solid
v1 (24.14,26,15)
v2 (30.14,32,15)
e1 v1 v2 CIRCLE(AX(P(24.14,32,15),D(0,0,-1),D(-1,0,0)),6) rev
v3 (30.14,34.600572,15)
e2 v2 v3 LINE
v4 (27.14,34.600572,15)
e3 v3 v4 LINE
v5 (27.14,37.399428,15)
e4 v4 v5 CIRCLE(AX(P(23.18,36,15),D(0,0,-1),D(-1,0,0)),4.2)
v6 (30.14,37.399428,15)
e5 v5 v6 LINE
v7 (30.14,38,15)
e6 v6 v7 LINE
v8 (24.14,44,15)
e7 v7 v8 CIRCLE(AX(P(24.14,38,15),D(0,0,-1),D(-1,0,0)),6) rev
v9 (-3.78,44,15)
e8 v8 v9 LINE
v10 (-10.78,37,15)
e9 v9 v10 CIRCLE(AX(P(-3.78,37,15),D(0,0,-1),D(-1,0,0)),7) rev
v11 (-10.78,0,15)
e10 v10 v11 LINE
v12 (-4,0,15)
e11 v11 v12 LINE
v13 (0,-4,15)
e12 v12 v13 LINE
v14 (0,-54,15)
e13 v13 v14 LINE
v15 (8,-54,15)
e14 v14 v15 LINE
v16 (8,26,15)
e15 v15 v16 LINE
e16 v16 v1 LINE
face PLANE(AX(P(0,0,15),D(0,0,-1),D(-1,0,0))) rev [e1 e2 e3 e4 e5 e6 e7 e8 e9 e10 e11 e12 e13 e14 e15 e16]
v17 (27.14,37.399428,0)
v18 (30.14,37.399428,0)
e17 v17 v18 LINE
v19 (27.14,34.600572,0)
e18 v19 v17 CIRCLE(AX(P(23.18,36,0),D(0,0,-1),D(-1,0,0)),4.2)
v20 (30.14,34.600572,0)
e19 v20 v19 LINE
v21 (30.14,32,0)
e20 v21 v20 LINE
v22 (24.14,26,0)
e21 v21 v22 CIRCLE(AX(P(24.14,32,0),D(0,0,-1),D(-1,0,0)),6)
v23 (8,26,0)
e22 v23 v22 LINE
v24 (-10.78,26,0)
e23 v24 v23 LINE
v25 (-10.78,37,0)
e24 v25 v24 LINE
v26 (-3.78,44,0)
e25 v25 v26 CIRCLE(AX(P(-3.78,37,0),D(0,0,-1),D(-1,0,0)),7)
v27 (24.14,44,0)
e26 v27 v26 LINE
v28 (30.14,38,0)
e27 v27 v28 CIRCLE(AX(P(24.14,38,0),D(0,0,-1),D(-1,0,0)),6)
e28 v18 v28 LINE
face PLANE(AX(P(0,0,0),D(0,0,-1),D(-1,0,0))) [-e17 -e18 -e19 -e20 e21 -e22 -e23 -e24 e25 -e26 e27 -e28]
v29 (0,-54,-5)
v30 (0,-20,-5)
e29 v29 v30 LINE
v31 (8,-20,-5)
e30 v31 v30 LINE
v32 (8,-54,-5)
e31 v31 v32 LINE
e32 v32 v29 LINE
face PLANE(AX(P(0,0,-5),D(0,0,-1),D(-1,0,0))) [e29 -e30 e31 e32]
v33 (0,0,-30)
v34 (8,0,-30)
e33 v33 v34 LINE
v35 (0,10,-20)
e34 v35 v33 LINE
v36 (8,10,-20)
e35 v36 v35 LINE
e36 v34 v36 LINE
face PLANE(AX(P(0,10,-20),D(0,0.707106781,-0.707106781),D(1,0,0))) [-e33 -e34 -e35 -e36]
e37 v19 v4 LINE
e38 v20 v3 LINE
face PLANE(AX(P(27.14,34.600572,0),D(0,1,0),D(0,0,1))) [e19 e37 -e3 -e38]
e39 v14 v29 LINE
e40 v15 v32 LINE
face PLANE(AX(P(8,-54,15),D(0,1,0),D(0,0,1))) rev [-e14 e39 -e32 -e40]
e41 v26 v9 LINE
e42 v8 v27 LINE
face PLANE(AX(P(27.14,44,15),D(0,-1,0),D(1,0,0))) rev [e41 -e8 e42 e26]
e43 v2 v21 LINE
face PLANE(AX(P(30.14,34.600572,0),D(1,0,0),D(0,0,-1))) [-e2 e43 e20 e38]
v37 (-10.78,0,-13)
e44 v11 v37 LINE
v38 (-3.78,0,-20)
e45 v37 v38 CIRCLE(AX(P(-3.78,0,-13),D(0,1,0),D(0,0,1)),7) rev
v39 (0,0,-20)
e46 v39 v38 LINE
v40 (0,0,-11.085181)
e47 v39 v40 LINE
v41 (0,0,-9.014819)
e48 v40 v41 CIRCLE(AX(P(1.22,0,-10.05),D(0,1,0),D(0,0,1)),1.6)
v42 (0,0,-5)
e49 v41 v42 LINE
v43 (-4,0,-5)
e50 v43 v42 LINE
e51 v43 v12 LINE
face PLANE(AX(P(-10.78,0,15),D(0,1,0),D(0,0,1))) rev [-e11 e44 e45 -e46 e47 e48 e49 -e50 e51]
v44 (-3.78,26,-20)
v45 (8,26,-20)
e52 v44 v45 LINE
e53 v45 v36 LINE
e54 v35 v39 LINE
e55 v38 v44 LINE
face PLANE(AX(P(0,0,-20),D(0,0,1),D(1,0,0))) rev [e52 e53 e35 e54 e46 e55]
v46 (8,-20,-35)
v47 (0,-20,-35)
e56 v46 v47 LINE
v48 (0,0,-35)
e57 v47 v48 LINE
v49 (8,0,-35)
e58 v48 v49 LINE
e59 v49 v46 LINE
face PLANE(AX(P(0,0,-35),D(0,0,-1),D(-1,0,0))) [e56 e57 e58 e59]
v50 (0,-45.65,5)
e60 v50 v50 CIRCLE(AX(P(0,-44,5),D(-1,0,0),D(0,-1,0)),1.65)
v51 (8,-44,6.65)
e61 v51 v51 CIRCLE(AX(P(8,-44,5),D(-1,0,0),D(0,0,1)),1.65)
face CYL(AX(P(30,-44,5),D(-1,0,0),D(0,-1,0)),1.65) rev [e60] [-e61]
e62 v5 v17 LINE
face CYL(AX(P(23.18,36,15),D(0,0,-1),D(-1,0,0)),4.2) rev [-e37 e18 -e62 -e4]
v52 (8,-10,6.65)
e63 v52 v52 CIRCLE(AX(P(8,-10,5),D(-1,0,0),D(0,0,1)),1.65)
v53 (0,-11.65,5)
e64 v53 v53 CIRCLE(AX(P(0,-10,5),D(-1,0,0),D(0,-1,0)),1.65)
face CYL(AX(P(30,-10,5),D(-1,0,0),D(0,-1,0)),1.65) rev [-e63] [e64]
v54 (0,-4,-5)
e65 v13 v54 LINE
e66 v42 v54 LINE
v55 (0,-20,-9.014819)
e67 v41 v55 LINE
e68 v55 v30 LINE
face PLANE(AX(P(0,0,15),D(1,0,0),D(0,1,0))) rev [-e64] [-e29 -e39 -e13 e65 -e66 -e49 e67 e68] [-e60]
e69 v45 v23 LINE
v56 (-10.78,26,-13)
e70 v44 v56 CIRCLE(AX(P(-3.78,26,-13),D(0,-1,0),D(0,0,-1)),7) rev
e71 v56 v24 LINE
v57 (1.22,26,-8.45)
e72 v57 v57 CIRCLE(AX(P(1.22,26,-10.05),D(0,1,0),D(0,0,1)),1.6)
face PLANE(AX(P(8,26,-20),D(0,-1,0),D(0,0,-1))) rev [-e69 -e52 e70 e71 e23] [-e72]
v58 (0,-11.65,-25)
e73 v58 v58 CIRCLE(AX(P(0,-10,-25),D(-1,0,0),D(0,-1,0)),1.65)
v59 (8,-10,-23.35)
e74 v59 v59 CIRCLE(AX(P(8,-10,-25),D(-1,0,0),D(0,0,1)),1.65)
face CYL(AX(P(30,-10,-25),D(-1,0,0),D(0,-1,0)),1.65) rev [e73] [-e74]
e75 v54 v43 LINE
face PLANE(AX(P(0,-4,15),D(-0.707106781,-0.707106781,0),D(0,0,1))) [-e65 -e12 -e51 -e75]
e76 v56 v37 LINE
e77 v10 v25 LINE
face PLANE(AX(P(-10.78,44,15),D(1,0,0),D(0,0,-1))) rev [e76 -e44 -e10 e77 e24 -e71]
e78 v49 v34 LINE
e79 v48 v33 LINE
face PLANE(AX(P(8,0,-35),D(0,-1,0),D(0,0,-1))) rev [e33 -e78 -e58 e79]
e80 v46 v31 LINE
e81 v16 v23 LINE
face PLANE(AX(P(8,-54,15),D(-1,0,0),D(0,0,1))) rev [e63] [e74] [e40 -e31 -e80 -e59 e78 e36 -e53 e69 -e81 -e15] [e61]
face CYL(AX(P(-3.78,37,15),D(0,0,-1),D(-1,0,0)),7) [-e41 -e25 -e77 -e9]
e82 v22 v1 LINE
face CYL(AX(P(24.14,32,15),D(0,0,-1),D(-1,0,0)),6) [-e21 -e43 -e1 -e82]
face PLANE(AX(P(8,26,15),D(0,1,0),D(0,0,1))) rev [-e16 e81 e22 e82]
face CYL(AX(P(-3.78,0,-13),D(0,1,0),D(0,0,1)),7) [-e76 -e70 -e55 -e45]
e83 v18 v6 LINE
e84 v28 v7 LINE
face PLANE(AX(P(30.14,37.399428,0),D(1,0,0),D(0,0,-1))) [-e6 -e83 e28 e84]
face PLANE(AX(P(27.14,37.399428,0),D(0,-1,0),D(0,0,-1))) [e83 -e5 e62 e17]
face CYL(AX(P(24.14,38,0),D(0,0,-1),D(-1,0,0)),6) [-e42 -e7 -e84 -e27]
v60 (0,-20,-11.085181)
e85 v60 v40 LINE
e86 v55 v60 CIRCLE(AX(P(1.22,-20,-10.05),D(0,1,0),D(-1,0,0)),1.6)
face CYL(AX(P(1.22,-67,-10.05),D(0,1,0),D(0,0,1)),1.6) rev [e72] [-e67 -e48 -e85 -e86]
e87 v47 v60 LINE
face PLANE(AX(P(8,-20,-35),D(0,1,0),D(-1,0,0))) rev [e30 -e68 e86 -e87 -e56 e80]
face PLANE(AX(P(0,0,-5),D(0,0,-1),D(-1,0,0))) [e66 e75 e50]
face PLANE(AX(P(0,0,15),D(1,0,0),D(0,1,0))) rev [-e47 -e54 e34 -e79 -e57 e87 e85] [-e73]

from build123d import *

# Parameters (mm, degrees)
EXTRUDE_1_DEPTH     = 15
SKETCH_4_W          = 18.78
SKETCH_4_H          = 26
EXTRUDE_4_DEPTH     = 20
SKETCH_5_W          = 8
SKETCH_5_H          = 54
EXTRUDE_5_DEPTH     = 5
SKETCH_6_R          = 4.2
CUT_EXTRUDE_1_DEPTH = 15
CHAMFER_1_SIZE      = 4
FILLET_3_R          = 7
FILLET_4_R          = 7
SKETCH_9_W          = 8
SKETCH_9_H          = 20
EXTRUDE_6_DEPTH     = 30
SKETCH_10_R         = 1.65
CUT_EXTRUDE_4_DEPTH = 30
CHAMFER_2_SIZE      = 10
SKETCH_11_W         = 3
SKETCH_11_H         = 6.600571545
SKETCH_11_H_2       = 8.600571545
EXTRUDE_7_DEPTH     = 15
FILLET_5_R          = 6
SKETCH_8_R          = 1.6
CUT_EXTRUDE_3_DEPTH = 93
FILLET_6_R          = 6


with BuildPart() as part:
    # 草图1 → 凸台-拉伸1 (new body)
    with BuildSketch(Plane.XY):
        Polygon((8, 26), (27.14, 26), (27.14, 44), (-10.78, 44), (-10.78, 0), (0, 0), (0, -54), (8, -54), align=None)
    extrude(amount=EXTRUDE_1_DEPTH)

    # 草图4 → 凸台-拉伸4 (add)
    with BuildSketch(Plane(origin=(0, 0, 0), x_dir=(-1, 0, 0), z_dir=(0, 0, -1))):
        with Locations((1.39, 13)):
            Rectangle(SKETCH_4_W, SKETCH_4_H)
    extrude(amount=EXTRUDE_4_DEPTH)

    # 草图5 → 凸台-拉伸5 (add)
    with BuildSketch(Plane(origin=(0, 0, 0), x_dir=(-1, 0, 0), z_dir=(0, 0, -1))):
        with Locations((-4, -27)):
            Rectangle(SKETCH_5_W, SKETCH_5_H)
    extrude(amount=EXTRUDE_5_DEPTH)

    # 草图6 → 切除-拉伸1 (cut)
    with BuildSketch(Plane(origin=(0, 0, 0), x_dir=(-1, 0, 0), z_dir=(0, 0, -1))):
        with Locations((-23.18, 36)):
            Circle(SKETCH_6_R)
    extrude(amount=-CUT_EXTRUDE_1_DEPTH, mode=Mode.SUBTRACT)

    # 倒角1
    chamfer_1_edges = [part.edges().sort_by_distance(p)[0] for p in [
        (0, 0, 5),
    ]]
    chamfer(chamfer_1_edges, length=CHAMFER_1_SIZE)

    # 圆角3
    fillet_3_edges = [part.edges().sort_by_distance(p)[0] for p in [
        (-10.78, 44, 7.5),
    ]]
    fillet(fillet_3_edges, radius=FILLET_3_R)

    # 圆角4
    fillet_4_edges = [part.edges().sort_by_distance(p)[0] for p in [
        (-10.78, 13, -20),
    ]]
    fillet(fillet_4_edges, radius=FILLET_4_R)

    # 草图9 → 凸台-拉伸6 (add)
    with BuildSketch(Plane(origin=(0, 0, -5), x_dir=(-1, 0, 0), z_dir=(0, 0, -1))):
        with Locations((-4, -10)):
            Rectangle(SKETCH_9_W, SKETCH_9_H)
    extrude(amount=EXTRUDE_6_DEPTH)

    # 草图10 → 切除-拉伸4 (cut)
    with BuildSketch(Plane.ZY):
        with Locations((-25, -10)):
            Circle(SKETCH_10_R)
        with Locations((5, -10)):
            Circle(SKETCH_10_R)
        with Locations((5, -44)):
            Circle(SKETCH_10_R)
    extrude(amount=-CUT_EXTRUDE_4_DEPTH, mode=Mode.SUBTRACT)

    # 倒角2
    chamfer_2_edges = [part.edges().sort_by_distance(p)[0] for p in [
        (4, 0, -20),
    ]]
    chamfer(chamfer_2_edges, length=CHAMFER_2_SIZE)

    # 草图11 → 凸台-拉伸7 (add)
    with BuildSketch(Plane.XY.offset(15)):
        with Locations((28.64, 40.699714227)):
            Rectangle(SKETCH_11_W, SKETCH_11_H)
        with Locations((28.64, 30.300285773)):
            Rectangle(SKETCH_11_W, SKETCH_11_H_2)
    extrude(amount=-EXTRUDE_7_DEPTH)

    # 圆角5
    fillet_5_edges = [part.edges().sort_by_distance(p)[0] for p in [
        (30.14, 44, 7.5),
    ]]
    fillet(fillet_5_edges, radius=FILLET_5_R)

    # 草图8 → 切除-拉伸3 (cut)
    with BuildSketch(Plane(origin=(0, 26, 0), x_dir=(1, 0, 0), z_dir=(0, 1, 0))):
        with Locations((1.22, 10.05)):
            Circle(SKETCH_8_R)
    extrude(amount=-CUT_EXTRUDE_3_DEPTH, mode=Mode.SUBTRACT)

    # 圆角6
    fillet_6_edges = [part.edges().sort_by_distance(p)[0] for p in [
        (30.14, 26, 7.5),
    ]]
    fillet(fillet_6_edges, radius=FILLET_6_R)


solid = part.part
